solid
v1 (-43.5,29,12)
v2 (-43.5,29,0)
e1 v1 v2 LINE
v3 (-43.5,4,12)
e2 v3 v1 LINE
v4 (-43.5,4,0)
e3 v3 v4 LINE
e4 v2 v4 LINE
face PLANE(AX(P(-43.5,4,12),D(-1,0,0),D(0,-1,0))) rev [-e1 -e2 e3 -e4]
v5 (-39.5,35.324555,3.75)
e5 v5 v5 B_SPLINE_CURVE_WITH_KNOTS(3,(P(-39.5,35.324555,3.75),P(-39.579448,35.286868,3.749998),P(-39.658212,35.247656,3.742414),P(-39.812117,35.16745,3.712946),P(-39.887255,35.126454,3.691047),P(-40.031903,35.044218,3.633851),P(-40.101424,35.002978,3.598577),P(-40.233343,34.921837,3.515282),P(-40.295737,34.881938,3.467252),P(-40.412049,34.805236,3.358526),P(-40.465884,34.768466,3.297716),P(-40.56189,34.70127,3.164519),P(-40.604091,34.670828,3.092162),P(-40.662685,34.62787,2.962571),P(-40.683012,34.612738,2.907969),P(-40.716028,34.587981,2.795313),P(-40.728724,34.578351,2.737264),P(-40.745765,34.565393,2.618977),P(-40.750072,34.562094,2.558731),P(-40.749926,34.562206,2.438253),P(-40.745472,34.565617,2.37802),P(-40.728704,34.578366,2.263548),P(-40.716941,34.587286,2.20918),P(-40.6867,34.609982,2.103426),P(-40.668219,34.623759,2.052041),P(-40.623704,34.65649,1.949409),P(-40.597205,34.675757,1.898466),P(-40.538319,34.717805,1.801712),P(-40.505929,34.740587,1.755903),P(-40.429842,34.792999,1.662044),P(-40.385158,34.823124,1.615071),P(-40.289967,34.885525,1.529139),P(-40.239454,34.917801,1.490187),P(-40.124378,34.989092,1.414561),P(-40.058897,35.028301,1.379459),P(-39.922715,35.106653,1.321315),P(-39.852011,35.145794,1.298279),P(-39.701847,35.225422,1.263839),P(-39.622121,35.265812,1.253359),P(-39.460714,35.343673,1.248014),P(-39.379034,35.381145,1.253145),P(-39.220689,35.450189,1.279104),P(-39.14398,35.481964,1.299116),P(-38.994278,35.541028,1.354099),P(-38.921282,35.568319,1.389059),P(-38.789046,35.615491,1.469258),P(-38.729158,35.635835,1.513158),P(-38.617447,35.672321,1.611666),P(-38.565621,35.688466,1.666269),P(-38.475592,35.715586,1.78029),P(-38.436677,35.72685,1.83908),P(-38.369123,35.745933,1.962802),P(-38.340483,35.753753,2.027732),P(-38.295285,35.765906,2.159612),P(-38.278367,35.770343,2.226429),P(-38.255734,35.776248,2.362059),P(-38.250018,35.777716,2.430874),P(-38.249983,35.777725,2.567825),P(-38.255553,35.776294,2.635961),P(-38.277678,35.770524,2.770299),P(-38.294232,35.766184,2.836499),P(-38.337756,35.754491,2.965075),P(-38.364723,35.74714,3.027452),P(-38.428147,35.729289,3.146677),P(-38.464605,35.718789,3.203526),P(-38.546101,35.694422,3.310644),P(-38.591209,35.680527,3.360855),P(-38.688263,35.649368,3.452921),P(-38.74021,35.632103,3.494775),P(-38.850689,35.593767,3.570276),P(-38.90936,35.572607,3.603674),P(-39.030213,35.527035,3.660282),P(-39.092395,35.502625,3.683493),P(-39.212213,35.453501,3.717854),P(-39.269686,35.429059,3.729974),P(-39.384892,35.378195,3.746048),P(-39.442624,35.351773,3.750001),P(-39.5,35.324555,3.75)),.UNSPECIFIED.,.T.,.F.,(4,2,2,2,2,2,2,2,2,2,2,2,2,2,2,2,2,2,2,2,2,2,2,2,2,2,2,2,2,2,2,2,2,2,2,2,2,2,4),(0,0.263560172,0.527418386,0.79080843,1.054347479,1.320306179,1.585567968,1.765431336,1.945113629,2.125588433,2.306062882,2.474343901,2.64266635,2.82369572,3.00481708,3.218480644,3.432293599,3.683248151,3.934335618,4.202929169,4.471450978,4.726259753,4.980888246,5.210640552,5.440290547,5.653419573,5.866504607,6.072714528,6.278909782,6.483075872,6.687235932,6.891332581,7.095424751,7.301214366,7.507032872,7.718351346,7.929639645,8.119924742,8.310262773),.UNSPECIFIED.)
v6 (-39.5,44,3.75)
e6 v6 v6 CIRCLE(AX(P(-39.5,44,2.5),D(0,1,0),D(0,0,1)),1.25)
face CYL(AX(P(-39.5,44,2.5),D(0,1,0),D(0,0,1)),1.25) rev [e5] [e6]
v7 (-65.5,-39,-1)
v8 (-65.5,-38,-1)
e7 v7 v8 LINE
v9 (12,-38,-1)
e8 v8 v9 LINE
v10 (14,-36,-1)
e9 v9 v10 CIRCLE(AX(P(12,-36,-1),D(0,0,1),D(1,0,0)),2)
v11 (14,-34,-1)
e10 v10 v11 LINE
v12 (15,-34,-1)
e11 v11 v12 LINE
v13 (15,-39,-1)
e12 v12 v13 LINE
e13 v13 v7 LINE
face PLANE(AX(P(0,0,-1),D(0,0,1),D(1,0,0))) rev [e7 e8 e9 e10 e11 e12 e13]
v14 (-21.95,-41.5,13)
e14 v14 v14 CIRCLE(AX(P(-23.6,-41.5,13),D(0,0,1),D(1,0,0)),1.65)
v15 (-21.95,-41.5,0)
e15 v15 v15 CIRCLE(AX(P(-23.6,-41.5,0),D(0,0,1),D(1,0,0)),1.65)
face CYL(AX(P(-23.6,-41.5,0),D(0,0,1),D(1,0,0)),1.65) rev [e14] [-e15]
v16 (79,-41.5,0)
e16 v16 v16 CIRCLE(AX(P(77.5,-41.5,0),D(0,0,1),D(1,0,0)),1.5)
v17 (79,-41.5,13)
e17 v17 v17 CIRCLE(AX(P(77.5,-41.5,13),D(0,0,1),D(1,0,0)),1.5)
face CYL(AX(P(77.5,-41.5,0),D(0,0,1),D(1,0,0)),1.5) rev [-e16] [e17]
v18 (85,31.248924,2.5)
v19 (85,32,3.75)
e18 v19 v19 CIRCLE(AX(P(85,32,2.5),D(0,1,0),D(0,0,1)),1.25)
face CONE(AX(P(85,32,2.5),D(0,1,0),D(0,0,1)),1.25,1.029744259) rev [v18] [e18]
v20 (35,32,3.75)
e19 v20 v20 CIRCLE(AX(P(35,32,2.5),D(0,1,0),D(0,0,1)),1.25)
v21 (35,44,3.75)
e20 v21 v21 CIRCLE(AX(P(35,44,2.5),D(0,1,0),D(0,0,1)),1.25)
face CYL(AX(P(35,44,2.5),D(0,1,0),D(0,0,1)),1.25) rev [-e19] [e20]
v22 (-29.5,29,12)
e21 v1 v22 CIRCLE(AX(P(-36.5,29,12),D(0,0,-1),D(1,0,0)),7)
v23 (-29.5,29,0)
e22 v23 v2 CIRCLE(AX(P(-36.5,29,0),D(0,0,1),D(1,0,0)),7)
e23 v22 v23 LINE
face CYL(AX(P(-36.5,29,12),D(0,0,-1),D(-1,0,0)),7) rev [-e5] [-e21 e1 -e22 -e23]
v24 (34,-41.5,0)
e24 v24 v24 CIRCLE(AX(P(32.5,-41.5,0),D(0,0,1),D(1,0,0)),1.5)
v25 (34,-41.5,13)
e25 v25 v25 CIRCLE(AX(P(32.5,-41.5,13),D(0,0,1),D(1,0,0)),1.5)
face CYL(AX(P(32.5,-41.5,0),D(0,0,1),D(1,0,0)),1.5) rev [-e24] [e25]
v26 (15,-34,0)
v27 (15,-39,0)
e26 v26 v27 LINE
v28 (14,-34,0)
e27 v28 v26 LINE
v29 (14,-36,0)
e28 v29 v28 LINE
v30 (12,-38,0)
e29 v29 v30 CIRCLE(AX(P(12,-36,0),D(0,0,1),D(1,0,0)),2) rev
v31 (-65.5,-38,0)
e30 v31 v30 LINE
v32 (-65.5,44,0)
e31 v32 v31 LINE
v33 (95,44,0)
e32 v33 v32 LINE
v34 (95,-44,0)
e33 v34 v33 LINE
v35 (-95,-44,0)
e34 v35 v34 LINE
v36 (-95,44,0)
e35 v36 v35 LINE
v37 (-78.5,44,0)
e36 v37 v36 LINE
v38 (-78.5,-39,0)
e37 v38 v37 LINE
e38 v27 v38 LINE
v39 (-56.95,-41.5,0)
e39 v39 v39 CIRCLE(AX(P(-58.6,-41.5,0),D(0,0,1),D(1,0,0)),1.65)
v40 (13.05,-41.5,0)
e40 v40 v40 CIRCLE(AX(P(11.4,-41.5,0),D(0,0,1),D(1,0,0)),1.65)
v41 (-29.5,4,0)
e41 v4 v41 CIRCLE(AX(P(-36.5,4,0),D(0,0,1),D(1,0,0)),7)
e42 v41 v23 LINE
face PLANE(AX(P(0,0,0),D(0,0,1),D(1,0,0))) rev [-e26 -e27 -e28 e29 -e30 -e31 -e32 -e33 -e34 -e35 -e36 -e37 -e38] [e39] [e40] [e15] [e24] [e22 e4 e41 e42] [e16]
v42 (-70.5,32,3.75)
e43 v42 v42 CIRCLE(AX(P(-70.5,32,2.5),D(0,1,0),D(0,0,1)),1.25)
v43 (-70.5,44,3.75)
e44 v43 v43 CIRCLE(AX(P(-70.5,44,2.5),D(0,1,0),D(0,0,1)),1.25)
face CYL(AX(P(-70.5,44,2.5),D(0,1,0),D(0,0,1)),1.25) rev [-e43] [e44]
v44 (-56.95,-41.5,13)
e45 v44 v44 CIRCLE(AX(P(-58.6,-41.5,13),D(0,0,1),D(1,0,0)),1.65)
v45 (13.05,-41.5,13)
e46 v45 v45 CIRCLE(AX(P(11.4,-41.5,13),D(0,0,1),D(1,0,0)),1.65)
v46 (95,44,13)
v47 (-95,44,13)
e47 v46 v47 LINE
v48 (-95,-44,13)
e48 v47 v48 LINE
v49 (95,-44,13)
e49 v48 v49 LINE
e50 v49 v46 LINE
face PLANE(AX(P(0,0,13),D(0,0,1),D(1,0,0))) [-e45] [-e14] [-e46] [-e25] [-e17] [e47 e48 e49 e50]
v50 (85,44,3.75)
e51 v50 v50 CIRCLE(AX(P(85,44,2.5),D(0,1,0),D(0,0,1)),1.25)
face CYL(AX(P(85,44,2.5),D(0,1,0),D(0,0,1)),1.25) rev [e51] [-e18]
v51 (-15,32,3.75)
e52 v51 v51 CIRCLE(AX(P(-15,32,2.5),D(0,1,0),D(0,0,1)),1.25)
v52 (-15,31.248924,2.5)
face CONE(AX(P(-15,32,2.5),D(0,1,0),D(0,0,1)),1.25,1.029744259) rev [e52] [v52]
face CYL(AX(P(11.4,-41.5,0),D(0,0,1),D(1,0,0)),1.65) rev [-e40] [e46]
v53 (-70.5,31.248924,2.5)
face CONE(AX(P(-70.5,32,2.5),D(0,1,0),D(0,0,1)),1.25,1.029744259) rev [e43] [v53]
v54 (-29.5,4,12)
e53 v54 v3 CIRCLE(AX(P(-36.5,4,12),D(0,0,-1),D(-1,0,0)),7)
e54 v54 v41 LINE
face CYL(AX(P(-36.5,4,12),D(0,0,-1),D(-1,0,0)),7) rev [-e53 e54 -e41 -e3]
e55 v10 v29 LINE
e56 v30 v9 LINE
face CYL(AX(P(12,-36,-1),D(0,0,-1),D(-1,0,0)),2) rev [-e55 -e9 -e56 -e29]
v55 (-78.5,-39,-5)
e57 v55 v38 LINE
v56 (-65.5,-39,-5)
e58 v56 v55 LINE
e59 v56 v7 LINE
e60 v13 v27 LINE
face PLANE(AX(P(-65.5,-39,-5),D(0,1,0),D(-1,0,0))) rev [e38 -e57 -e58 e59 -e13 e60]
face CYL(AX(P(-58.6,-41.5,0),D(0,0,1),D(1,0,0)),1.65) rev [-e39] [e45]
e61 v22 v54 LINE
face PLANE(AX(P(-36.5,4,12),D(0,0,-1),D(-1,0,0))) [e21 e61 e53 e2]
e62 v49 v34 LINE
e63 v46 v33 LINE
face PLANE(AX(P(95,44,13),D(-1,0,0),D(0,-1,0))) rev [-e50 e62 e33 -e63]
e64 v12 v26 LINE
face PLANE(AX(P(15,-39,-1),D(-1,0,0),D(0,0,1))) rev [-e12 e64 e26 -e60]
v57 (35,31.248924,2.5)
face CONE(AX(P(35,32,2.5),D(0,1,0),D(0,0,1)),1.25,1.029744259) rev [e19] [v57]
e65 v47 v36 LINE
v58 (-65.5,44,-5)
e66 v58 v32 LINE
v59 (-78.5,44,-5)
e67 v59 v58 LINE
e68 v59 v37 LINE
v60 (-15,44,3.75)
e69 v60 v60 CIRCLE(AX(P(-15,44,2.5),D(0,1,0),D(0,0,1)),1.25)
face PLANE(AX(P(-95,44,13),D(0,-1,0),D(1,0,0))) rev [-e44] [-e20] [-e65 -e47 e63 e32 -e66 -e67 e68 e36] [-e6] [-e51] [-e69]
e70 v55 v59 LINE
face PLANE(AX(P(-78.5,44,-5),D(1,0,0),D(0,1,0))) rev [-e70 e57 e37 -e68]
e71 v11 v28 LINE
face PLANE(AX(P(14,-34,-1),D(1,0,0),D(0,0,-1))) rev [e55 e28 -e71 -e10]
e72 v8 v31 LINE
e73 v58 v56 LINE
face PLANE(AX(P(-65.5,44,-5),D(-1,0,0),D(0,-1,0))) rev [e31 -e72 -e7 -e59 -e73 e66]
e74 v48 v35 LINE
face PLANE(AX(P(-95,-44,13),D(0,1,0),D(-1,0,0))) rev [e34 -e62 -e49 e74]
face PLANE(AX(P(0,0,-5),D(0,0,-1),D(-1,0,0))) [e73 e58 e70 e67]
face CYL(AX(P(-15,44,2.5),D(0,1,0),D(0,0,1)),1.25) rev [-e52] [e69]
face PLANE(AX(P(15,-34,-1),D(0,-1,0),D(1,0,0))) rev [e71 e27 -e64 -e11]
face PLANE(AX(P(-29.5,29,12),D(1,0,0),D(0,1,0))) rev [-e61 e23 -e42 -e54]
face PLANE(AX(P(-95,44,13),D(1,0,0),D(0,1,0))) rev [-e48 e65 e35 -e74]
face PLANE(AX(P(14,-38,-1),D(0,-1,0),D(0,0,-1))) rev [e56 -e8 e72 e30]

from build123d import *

# Parameters (mm, degrees)
BOSS_EXTRUDE1_DEPTH    = 13
SKETCH3_R              = 1.65
SKETCH3_R_2            = 1.5
CUT_EXTRUDE1_DEPTH     = 14
SKETCH4_W              = 13
SKETCH4_H              = 83
BOSS_EXTRUDE2_DEPTH    = 5
BOSS_EXTRUDE3_DEPTH    = 1
FILLET1_R              = 2
HOLE_WIZARD_M3_1_D     = 2.5
HOLE_WIZARD_M3_1_DEPTH = 12
HOLE_WIZARD_M3_1_TIP   = 0.751075774
CUT_EXTRUDE_1_DEPTH    = 17


with BuildPart() as part:
    # Sketch1 → Boss-Extrude1 (new body)
    with BuildSketch(Plane.XY):
        Polygon((-95, 44), (-35, 44), (95, 44), (95, -44), (-95, -44), align=None)
    extrude(amount=BOSS_EXTRUDE1_DEPTH)

    # Sketch3 → Cut-Extrude1 (cut, through all)
    with BuildSketch(Plane.XY.offset(13)):
        with Locations((-58.6, -41.5)):
            Circle(SKETCH3_R)
        with Locations((-23.6, -41.5)):
            Circle(SKETCH3_R)
        with Locations((11.4, -41.5)):
            Circle(SKETCH3_R)
        with Locations((32.5, -41.5)):
            Circle(SKETCH3_R_2)
        with Locations((77.5, -41.5)):
            Circle(SKETCH3_R_2)
    extrude(amount=-CUT_EXTRUDE1_DEPTH, mode=Mode.SUBTRACT)

    # Sketch4 → Boss-Extrude2 (add)
    with BuildSketch(Plane(origin=(0, 0, 0), x_dir=(-1, 0, 0), z_dir=(0, 0, -1))):
        with Locations((72, 2.5)):
            Rectangle(SKETCH4_W, SKETCH4_H)
    extrude(amount=BOSS_EXTRUDE2_DEPTH)

    # Sketch5 → Boss-Extrude3 (add)
    with BuildSketch(Plane(origin=(0, 0, 0), x_dir=(-1, 0, 0), z_dir=(0, 0, -1))):
        Polygon((65.5, -39), (-15, -39), (-15, -34), (-14, -34), (-14, -38), (65.5, -38), align=None)
    extrude(amount=BOSS_EXTRUDE3_DEPTH)

    # Fillet1
    fillet1_edges = [part.edges().sort_by_distance(p)[0] for p in [
        (14, -38, -0.5),
    ]]
    fillet(fillet1_edges, radius=FILLET1_R)

    # M3 螺纹孔1
    with Locations(Plane(origin=(-70.5, 44, 2.5), x_dir=(1, 0, 0), z_dir=(0, 1, 0))):
        with Locations((0, 0), (31, 0), (55.5, 0), (105.5, 0), (155.5, 0)):
            Hole(HOLE_WIZARD_M3_1_D / 2, depth=HOLE_WIZARD_M3_1_DEPTH)
            with Locations((0, 0, -(HOLE_WIZARD_M3_1_DEPTH + HOLE_WIZARD_M3_1_TIP / 2))):  # 118° drill point
                Cone(0, HOLE_WIZARD_M3_1_D / 2, HOLE_WIZARD_M3_1_TIP, mode=Mode.SUBTRACT)

    # 草图4 → 切除-拉伸1 (cut)
    with BuildSketch(Plane(origin=(0, 0, -5), x_dir=(-1, 0, 0), z_dir=(0, 0, -1))):
        with BuildLine():
            Line((29.5, 29), (29.5, 4))
            ThreePointArc((29.5, 4), (36.5, -3), (43.5, 4))
            Line((43.5, 4), (43.5, 29))
            ThreePointArc((43.5, 29), (36.5, 36), (29.5, 29))
        make_face()
    extrude(amount=-CUT_EXTRUDE_1_DEPTH, mode=Mode.SUBTRACT)


solid = part.part
